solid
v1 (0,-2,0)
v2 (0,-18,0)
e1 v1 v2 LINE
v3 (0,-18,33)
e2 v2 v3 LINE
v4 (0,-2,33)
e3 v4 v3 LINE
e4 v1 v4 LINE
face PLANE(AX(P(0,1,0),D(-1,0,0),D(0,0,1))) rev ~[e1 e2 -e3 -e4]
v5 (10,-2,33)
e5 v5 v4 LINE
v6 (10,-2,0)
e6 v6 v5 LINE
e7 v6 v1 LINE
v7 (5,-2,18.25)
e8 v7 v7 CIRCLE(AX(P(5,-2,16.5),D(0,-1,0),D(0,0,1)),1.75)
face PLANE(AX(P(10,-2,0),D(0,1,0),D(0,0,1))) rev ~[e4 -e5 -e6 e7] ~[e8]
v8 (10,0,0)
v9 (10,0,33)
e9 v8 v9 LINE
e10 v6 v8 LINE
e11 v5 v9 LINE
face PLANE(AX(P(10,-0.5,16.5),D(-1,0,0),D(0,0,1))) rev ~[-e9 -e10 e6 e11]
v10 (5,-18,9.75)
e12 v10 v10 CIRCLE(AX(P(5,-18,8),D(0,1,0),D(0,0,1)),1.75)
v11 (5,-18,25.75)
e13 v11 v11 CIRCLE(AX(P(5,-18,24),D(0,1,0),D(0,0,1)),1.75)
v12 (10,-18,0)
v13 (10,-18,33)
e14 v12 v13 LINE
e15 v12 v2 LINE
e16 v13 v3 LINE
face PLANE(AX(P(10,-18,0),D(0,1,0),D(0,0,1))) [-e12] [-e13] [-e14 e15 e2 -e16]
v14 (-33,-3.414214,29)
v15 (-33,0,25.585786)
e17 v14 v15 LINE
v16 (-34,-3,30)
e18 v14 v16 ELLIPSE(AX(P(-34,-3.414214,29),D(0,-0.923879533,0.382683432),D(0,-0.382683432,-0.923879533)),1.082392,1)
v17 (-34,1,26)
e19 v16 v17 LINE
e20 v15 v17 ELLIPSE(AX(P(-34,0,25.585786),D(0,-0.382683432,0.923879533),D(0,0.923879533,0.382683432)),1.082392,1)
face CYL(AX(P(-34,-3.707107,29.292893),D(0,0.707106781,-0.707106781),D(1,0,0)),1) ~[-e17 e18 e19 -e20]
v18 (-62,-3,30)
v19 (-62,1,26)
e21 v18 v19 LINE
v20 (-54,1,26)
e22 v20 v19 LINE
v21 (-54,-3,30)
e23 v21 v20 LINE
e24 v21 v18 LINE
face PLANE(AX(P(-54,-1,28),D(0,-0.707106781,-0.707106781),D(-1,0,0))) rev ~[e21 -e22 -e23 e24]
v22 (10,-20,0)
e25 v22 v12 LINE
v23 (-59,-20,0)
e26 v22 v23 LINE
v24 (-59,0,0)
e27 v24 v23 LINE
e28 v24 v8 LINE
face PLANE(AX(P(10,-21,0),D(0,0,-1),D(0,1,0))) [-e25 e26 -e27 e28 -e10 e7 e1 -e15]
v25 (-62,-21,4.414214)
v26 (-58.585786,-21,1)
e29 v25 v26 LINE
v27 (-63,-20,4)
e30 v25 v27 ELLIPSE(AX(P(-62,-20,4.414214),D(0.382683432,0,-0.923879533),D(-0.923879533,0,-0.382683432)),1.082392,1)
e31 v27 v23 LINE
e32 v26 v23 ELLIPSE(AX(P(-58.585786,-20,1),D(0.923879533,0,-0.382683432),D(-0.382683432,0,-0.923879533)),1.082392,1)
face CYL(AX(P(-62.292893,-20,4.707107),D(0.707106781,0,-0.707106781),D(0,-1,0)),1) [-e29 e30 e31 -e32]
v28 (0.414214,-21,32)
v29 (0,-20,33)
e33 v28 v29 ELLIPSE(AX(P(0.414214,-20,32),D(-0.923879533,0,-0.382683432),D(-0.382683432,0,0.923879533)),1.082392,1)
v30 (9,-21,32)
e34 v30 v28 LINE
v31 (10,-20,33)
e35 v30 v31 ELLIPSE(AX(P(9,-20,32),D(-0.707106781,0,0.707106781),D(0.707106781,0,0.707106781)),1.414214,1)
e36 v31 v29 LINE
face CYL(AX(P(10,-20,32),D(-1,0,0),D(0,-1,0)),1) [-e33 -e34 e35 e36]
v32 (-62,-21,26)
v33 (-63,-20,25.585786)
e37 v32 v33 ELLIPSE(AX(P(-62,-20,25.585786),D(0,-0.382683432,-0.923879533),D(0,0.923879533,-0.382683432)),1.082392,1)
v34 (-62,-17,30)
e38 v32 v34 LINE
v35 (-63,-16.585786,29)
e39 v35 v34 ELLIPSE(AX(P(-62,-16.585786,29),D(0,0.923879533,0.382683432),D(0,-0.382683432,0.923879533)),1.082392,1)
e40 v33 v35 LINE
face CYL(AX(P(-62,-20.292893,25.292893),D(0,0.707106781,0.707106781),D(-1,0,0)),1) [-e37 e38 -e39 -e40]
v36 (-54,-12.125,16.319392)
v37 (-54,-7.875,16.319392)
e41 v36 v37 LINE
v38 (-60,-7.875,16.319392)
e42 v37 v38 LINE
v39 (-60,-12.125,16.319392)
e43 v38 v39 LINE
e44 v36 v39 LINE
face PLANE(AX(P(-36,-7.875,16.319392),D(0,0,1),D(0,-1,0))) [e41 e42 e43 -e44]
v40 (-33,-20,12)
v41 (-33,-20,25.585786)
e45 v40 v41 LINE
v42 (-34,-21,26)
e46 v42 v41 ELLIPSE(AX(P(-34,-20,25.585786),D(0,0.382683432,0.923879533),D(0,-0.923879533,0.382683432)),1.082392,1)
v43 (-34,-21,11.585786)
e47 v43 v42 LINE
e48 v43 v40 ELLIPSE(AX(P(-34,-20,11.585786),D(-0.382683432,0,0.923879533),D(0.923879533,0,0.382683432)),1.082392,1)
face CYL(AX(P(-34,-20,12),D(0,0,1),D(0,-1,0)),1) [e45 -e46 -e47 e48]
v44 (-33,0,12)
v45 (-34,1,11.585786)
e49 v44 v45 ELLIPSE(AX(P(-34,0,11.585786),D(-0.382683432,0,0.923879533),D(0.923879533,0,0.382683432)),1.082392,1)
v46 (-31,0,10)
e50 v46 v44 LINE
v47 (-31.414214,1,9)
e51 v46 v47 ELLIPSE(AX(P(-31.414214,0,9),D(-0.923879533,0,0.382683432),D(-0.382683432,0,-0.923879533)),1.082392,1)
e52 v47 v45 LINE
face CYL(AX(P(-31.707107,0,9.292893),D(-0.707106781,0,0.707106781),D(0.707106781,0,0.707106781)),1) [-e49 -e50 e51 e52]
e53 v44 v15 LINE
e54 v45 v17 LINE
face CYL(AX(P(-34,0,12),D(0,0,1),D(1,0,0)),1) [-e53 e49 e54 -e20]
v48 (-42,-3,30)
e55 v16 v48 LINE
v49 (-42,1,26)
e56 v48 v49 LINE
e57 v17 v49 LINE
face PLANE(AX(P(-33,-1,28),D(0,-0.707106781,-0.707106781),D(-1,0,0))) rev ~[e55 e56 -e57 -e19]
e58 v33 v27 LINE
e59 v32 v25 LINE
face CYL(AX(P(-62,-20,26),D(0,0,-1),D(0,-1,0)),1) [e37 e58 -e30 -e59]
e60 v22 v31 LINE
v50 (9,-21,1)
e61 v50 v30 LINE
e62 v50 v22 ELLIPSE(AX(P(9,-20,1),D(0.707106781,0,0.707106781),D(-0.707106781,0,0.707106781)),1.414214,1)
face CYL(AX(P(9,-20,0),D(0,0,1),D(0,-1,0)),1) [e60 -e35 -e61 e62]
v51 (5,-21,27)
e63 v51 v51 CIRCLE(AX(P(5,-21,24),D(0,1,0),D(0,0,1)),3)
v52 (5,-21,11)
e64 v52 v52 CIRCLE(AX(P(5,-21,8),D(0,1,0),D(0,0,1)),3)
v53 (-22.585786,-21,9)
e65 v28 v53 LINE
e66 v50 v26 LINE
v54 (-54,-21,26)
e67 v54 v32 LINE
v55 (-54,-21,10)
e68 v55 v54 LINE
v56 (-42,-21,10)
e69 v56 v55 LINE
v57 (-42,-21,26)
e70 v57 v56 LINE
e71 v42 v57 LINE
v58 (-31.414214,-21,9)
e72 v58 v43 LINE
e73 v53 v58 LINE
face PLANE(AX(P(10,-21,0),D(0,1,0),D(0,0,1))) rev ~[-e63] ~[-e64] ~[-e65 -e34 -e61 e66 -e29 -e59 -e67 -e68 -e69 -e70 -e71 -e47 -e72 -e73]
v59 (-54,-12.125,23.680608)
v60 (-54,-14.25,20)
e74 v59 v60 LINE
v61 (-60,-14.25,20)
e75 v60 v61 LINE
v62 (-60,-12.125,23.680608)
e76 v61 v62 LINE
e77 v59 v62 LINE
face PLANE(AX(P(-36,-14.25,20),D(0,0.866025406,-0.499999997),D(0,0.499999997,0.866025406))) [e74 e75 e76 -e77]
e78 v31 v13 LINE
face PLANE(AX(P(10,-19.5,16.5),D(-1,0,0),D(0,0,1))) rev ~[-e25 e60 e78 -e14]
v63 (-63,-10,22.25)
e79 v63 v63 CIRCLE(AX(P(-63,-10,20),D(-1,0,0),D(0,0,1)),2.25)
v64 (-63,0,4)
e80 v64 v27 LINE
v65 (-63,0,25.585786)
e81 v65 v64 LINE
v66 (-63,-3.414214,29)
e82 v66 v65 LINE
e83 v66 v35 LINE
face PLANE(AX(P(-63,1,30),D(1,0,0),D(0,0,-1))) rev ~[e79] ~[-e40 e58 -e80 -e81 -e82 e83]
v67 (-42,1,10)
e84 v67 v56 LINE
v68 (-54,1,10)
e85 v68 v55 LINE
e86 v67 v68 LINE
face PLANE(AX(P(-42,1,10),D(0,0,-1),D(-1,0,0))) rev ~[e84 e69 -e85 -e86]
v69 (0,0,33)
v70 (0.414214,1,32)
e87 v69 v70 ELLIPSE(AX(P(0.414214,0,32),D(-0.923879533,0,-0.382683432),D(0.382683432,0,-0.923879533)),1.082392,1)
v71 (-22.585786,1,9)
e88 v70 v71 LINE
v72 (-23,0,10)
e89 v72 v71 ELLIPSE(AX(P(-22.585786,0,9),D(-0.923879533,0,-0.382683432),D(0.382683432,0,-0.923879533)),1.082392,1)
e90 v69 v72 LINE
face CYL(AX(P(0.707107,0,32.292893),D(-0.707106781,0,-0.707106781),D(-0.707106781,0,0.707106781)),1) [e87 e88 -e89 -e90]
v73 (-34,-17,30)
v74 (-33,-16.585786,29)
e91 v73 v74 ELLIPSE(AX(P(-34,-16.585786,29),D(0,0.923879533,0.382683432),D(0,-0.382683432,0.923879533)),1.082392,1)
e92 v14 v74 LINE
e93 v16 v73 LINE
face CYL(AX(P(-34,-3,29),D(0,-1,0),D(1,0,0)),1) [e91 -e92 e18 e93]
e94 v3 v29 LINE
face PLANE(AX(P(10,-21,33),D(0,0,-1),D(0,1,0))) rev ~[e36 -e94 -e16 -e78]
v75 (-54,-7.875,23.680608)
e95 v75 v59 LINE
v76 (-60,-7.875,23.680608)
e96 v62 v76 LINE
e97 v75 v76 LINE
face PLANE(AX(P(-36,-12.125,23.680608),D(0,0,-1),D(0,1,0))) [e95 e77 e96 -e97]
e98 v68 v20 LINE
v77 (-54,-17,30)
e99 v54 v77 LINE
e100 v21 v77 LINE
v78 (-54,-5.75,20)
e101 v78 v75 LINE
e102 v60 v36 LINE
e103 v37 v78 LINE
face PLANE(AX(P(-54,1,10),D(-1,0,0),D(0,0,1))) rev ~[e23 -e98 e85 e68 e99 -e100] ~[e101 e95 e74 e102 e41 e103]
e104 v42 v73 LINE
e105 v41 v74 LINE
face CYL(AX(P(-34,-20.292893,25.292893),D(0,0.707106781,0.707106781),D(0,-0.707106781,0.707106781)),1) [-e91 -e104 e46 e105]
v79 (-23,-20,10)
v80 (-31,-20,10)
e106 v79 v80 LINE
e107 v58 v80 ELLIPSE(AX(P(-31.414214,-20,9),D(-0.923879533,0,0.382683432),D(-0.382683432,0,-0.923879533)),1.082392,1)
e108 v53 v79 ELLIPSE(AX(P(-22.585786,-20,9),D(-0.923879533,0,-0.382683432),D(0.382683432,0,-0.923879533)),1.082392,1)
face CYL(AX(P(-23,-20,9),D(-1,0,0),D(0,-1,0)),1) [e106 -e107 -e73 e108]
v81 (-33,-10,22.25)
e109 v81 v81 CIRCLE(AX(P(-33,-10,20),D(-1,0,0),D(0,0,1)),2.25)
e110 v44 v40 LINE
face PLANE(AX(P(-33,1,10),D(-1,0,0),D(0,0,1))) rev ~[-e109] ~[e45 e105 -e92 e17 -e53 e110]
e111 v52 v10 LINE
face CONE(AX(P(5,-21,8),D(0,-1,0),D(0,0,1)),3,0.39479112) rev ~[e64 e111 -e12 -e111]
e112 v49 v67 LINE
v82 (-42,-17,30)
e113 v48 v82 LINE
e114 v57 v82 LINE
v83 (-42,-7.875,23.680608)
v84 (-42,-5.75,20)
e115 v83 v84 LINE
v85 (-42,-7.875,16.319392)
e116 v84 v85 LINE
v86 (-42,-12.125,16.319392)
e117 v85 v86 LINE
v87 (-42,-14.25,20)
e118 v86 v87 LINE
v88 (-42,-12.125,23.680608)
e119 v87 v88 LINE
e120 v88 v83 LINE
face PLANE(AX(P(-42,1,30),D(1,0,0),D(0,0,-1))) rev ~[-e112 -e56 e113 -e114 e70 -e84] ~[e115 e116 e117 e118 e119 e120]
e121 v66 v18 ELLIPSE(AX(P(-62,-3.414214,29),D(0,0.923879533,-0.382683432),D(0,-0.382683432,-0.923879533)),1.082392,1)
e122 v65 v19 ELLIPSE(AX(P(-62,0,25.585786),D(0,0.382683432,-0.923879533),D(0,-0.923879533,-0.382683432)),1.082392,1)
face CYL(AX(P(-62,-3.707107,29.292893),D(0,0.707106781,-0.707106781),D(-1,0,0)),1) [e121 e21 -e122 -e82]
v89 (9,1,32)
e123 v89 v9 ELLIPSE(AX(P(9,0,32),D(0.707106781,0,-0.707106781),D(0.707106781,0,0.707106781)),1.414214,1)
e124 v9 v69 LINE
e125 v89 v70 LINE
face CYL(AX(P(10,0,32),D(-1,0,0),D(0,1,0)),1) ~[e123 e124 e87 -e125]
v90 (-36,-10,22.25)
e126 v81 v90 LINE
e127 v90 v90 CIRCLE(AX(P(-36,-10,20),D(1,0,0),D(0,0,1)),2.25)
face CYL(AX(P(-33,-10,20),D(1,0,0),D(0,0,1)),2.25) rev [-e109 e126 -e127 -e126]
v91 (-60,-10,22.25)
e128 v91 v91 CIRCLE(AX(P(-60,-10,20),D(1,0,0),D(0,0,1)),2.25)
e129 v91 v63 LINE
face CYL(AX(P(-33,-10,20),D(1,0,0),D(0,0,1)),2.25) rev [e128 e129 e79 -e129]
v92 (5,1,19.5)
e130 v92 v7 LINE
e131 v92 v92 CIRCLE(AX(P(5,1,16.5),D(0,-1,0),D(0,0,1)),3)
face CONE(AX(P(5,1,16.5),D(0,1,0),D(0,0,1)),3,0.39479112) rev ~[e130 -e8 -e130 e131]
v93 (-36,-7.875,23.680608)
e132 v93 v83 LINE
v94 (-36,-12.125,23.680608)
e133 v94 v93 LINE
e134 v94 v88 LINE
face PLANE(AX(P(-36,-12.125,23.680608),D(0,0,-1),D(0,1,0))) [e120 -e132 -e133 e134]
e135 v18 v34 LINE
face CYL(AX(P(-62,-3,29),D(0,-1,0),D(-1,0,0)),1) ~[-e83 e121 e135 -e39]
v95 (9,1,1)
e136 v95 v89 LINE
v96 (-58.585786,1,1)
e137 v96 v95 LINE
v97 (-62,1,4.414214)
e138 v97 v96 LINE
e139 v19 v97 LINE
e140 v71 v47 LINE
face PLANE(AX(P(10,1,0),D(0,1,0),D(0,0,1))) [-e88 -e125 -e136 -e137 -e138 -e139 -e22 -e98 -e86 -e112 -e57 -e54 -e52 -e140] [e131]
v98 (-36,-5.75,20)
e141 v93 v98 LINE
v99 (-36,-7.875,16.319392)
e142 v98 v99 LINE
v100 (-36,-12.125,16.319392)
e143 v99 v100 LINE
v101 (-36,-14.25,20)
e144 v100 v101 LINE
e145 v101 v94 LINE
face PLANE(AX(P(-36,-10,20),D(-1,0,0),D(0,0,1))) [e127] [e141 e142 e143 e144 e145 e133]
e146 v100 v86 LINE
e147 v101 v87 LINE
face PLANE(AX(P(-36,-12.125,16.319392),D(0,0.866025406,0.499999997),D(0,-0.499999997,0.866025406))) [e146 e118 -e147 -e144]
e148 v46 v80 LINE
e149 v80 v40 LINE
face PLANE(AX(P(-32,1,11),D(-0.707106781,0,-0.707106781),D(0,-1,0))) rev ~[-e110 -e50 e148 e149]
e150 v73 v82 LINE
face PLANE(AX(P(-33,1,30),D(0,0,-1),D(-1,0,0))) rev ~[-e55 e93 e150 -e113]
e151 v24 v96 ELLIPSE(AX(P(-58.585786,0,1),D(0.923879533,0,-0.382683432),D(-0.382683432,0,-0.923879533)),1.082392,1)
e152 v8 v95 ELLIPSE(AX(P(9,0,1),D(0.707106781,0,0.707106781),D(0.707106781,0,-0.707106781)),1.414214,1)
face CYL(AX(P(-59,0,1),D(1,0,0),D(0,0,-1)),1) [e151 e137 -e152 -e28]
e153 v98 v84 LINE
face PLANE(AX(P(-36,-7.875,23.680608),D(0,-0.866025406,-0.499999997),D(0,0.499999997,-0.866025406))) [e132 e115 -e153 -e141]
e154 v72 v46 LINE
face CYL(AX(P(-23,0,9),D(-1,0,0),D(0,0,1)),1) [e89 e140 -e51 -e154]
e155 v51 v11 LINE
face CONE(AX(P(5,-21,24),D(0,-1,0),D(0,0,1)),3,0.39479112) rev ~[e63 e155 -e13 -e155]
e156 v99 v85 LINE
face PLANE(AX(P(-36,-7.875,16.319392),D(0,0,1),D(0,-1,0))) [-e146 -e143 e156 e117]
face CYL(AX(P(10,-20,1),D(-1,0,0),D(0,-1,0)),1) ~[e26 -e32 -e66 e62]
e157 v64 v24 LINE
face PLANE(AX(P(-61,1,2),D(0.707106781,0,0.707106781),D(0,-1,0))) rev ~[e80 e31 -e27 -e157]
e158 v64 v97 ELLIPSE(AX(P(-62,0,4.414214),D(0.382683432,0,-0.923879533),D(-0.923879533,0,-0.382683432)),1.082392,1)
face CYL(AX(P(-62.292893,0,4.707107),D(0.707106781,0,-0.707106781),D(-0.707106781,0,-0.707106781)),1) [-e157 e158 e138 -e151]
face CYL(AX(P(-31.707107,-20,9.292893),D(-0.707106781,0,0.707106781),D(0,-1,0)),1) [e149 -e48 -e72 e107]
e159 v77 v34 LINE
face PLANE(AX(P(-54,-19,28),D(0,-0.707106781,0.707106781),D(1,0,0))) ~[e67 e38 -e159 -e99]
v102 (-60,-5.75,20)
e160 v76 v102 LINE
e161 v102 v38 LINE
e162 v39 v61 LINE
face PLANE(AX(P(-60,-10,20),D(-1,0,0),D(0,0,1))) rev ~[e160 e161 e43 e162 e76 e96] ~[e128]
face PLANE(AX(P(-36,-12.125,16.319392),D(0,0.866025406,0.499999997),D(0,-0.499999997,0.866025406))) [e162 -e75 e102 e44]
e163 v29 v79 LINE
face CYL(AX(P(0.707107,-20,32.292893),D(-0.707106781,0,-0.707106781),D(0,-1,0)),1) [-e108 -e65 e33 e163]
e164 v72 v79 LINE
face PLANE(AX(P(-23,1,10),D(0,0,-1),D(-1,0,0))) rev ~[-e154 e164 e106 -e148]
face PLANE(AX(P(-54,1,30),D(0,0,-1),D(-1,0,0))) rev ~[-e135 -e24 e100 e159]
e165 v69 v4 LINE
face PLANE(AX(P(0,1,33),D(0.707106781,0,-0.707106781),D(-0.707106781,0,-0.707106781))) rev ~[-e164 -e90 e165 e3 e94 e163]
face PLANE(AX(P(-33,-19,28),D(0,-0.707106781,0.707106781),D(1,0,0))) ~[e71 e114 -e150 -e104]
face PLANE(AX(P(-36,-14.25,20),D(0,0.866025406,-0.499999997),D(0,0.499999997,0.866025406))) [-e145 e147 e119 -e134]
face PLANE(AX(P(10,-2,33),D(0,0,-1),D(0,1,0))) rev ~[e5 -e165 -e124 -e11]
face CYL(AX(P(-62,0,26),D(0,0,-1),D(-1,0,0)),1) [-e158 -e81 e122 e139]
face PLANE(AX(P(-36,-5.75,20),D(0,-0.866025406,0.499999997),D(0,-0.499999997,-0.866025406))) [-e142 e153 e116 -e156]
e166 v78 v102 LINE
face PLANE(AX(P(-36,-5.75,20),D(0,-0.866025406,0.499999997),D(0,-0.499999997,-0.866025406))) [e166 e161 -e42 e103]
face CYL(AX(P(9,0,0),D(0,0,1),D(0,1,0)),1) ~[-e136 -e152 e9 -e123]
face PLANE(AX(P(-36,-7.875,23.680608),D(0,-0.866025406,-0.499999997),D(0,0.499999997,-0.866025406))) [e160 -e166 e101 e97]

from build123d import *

# Parameters (mm, degrees)
CONE002_ROLL_ANGLE = -90
CONE001_ROLL_ANGLE = -90
CONE_ROLL_ANGLE    = 90
BOX_W              = 33
BOX_H              = 3
BOX_DEPTH          = 10
BOX001_W           = 33
BOX001_H           = 3
BOX001_DEPTH       = 10
CYLINDER_R         = 2.25
CYLINDER_DEPTH     = 30
PAD001_DEPTH       = 24
PAD_DEPTH          = 22
CHAMFER_SIZE       = 2
CHAMFER001_SIZE    = 4
CHAMFER002_SIZE    = 4
FILLET_R           = 1
FILLET_PITCH_ANGLE = -90


with BuildPart() as cone002:
    # Cone002 → Cone002 (revolve)
    with BuildSketch(Plane.XZ):
        Polygon((0, 0), (3, 0), (1.75, 3), (0, 3), align=None)
    revolve(axis=Axis((0, 0, 0), (0, 0, 1)))


with BuildPart() as cone002_1:
    # Cone002 roll: moved
    add(cone002.part.rotate(Axis((0, 0, 0), (1, 0, 0)), CONE002_ROLL_ANGLE))


with BuildPart() as cone002_2:
    # Cone002 placement: moved
    add(cone002_1.part.moved(Location((24, -21, -5))))


with BuildPart() as cone001:
    # Cone001 → Cone001 (revolve)
    with BuildSketch(Plane.XZ):
        Polygon((0, 0), (3, 0), (1.75, 3), (0, 3), align=None)
    revolve(axis=Axis((0, 0, 0), (0, 0, 1)))


with BuildPart() as cone001_1:
    # Cone001 roll: moved
    add(cone001.part.rotate(Axis((0, 0, 0), (1, 0, 0)), CONE001_ROLL_ANGLE))


with BuildPart() as cone001_2:
    # Cone001 placement: moved
    add(cone001_1.part.moved(Location((8, -21, -5))))


with BuildPart() as cone:
    # Cone → Cone (revolve)
    with BuildSketch(Plane.XZ):
        Polygon((0, 0), (3, 0), (1.75, 3), (0, 3), align=None)
    revolve(axis=Axis((0, 0, 0), (0, 0, 1)))


with BuildPart() as cone_1:
    # Cone roll: moved
    add(cone.part.rotate(Axis((0, 0, 0), (1, 0, 0)), CONE_ROLL_ANGLE))


with BuildPart() as cone_2:
    # Cone placement: moved
    add(cone_1.part.moved(Location((16.5, 1, -5))))


with BuildPart() as box:
    # Box → Box (new body)
    with BuildSketch(Plane(origin=(0, -2, -10), x_dir=(1, 0, 0), z_dir=(0, 0, 1))):
        with Locations((16.5, 1.5)):
            Rectangle(BOX_W, BOX_H)
    extrude(amount=BOX_DEPTH)


with BuildPart() as box001:
    # Box001 → Box001 (new body)
    with BuildSketch(Plane(origin=(0, -21, -10), x_dir=(1, 0, 0), z_dir=(0, 0, 1))):
        with Locations((16.5, 1.5)):
            Rectangle(BOX001_W, BOX001_H)
    extrude(amount=BOX001_DEPTH)


with BuildPart() as varilla_m4:
    # Cylinder → Cylinder (new body)
    with BuildSketch(Plane(origin=(20, -10, 33), x_dir=(1, 0, 0), z_dir=(0, 0, 1))):
        Circle(CYLINDER_R)
    extrude(amount=CYLINDER_DEPTH)


with BuildPart() as espai_hex_m4:
    # Sketch001 → Pad001 (new body)
    with BuildSketch(Plane(origin=(20, -10, 36), x_dir=(1, 0, 0), z_dir=(0, 0, 1))):
        Polygon((3.680608, -2.125), (3.680608, 2.125), (0, 4.25), (-3.680608, 2.125), (-3.680608, -2.125), (0, -4.25), align=None)
    extrude(amount=PAD001_DEPTH)


with BuildPart() as bed_holder_cnc:
    # Sketch → Pad (new body)
    with BuildSketch(Plane.XZ.offset(-1)):
        Polygon((0, 0), (33, 0), (10, 23), (10, 33), (30, 33), (30, 42), (10, 42), (10, 54), (30, 54), (30, 63), (0, 63), align=None)
    extrude(amount=PAD_DEPTH)

    # Cut: cut espai-hex-M4
    add(espai_hex_m4.part, mode=Mode.SUBTRACT)

    # Cut001: cut varilla-M4
    add(varilla_m4.part, mode=Mode.SUBTRACT)

    # Fusion: union Box, Box001
    add(box.part)
    add(box001.part)

    # Cut002: cut Cone
    add(cone_2.part, mode=Mode.SUBTRACT)

    # Cut003: cut Cone001
    add(cone001_2.part, mode=Mode.SUBTRACT)

    # Cut004: cut Cone002
    add(cone002_2.part, mode=Mode.SUBTRACT)

    # Chamfer
    chamfer_edges = [bed_holder_cnc.edges().sort_by_distance(p)[0] for p in [
        (10, -10, 33),
    ]]
    chamfer(chamfer_edges, length=CHAMFER_SIZE)

    # Chamfer001
    chamfer001_edges = [bed_holder_cnc.edges().sort_by_distance(p)[0] for p in [
        (30, -21, 37.5),
        (30, -21, 58.5),
        (30, 1, 37.5),
        (30, 1, 58.5),
    ]]
    chamfer(chamfer001_edges, length=CHAMFER001_SIZE)

    # Chamfer002
    chamfer002_edges = [bed_holder_cnc.edges().sort_by_distance(p)[0] for p in [
        (0, -10, 63),
    ]]
    chamfer(chamfer002_edges, length=CHAMFER002_SIZE)

    # Fillet
    fillet_edges = [bed_holder_cnc.edges().sort_by_distance(p)[0] for p in [
        (15, -21, 63),
        (2, -21, 61),
        (0, -21, 24.5),
        (16.5, -21, -10),
        (33, -21, -5),
        (21.5, -21, 11.5),
        (10, -21, 27),
        (19, -21, 33),
        (11, -21, 32),
        (15, 1, 63),
        (28, -1, 63),
        (30, -10, 63),
        (28, -19, 63),
        (2, 1, 61),
        (0, 1, 24.5),
        (21.5, 1, 11.5),
        (28, -19, 33),
        (10, 1, 27),
        (19, 1, 33),
        (28, -1, 33),
        (30, -10, 33),
        (11, 1, 32),
        (16.5, 1, -10),
        (33, 1, -5),
    ]]
    fillet(fillet_edges, radius=FILLET_R)


with BuildPart() as bed_holder_cnc_1:
    # Fillet pitch: moved
    add(bed_holder_cnc.part.rotate(Axis((0, 0, 0), (0, 1, 0)), FILLET_PITCH_ANGLE))


with BuildPart() as bed_holder_cnc_2:
    # Fillet placement: moved
    add(bed_holder_cnc_1.part)


solid = bed_holder_cnc_2.part
